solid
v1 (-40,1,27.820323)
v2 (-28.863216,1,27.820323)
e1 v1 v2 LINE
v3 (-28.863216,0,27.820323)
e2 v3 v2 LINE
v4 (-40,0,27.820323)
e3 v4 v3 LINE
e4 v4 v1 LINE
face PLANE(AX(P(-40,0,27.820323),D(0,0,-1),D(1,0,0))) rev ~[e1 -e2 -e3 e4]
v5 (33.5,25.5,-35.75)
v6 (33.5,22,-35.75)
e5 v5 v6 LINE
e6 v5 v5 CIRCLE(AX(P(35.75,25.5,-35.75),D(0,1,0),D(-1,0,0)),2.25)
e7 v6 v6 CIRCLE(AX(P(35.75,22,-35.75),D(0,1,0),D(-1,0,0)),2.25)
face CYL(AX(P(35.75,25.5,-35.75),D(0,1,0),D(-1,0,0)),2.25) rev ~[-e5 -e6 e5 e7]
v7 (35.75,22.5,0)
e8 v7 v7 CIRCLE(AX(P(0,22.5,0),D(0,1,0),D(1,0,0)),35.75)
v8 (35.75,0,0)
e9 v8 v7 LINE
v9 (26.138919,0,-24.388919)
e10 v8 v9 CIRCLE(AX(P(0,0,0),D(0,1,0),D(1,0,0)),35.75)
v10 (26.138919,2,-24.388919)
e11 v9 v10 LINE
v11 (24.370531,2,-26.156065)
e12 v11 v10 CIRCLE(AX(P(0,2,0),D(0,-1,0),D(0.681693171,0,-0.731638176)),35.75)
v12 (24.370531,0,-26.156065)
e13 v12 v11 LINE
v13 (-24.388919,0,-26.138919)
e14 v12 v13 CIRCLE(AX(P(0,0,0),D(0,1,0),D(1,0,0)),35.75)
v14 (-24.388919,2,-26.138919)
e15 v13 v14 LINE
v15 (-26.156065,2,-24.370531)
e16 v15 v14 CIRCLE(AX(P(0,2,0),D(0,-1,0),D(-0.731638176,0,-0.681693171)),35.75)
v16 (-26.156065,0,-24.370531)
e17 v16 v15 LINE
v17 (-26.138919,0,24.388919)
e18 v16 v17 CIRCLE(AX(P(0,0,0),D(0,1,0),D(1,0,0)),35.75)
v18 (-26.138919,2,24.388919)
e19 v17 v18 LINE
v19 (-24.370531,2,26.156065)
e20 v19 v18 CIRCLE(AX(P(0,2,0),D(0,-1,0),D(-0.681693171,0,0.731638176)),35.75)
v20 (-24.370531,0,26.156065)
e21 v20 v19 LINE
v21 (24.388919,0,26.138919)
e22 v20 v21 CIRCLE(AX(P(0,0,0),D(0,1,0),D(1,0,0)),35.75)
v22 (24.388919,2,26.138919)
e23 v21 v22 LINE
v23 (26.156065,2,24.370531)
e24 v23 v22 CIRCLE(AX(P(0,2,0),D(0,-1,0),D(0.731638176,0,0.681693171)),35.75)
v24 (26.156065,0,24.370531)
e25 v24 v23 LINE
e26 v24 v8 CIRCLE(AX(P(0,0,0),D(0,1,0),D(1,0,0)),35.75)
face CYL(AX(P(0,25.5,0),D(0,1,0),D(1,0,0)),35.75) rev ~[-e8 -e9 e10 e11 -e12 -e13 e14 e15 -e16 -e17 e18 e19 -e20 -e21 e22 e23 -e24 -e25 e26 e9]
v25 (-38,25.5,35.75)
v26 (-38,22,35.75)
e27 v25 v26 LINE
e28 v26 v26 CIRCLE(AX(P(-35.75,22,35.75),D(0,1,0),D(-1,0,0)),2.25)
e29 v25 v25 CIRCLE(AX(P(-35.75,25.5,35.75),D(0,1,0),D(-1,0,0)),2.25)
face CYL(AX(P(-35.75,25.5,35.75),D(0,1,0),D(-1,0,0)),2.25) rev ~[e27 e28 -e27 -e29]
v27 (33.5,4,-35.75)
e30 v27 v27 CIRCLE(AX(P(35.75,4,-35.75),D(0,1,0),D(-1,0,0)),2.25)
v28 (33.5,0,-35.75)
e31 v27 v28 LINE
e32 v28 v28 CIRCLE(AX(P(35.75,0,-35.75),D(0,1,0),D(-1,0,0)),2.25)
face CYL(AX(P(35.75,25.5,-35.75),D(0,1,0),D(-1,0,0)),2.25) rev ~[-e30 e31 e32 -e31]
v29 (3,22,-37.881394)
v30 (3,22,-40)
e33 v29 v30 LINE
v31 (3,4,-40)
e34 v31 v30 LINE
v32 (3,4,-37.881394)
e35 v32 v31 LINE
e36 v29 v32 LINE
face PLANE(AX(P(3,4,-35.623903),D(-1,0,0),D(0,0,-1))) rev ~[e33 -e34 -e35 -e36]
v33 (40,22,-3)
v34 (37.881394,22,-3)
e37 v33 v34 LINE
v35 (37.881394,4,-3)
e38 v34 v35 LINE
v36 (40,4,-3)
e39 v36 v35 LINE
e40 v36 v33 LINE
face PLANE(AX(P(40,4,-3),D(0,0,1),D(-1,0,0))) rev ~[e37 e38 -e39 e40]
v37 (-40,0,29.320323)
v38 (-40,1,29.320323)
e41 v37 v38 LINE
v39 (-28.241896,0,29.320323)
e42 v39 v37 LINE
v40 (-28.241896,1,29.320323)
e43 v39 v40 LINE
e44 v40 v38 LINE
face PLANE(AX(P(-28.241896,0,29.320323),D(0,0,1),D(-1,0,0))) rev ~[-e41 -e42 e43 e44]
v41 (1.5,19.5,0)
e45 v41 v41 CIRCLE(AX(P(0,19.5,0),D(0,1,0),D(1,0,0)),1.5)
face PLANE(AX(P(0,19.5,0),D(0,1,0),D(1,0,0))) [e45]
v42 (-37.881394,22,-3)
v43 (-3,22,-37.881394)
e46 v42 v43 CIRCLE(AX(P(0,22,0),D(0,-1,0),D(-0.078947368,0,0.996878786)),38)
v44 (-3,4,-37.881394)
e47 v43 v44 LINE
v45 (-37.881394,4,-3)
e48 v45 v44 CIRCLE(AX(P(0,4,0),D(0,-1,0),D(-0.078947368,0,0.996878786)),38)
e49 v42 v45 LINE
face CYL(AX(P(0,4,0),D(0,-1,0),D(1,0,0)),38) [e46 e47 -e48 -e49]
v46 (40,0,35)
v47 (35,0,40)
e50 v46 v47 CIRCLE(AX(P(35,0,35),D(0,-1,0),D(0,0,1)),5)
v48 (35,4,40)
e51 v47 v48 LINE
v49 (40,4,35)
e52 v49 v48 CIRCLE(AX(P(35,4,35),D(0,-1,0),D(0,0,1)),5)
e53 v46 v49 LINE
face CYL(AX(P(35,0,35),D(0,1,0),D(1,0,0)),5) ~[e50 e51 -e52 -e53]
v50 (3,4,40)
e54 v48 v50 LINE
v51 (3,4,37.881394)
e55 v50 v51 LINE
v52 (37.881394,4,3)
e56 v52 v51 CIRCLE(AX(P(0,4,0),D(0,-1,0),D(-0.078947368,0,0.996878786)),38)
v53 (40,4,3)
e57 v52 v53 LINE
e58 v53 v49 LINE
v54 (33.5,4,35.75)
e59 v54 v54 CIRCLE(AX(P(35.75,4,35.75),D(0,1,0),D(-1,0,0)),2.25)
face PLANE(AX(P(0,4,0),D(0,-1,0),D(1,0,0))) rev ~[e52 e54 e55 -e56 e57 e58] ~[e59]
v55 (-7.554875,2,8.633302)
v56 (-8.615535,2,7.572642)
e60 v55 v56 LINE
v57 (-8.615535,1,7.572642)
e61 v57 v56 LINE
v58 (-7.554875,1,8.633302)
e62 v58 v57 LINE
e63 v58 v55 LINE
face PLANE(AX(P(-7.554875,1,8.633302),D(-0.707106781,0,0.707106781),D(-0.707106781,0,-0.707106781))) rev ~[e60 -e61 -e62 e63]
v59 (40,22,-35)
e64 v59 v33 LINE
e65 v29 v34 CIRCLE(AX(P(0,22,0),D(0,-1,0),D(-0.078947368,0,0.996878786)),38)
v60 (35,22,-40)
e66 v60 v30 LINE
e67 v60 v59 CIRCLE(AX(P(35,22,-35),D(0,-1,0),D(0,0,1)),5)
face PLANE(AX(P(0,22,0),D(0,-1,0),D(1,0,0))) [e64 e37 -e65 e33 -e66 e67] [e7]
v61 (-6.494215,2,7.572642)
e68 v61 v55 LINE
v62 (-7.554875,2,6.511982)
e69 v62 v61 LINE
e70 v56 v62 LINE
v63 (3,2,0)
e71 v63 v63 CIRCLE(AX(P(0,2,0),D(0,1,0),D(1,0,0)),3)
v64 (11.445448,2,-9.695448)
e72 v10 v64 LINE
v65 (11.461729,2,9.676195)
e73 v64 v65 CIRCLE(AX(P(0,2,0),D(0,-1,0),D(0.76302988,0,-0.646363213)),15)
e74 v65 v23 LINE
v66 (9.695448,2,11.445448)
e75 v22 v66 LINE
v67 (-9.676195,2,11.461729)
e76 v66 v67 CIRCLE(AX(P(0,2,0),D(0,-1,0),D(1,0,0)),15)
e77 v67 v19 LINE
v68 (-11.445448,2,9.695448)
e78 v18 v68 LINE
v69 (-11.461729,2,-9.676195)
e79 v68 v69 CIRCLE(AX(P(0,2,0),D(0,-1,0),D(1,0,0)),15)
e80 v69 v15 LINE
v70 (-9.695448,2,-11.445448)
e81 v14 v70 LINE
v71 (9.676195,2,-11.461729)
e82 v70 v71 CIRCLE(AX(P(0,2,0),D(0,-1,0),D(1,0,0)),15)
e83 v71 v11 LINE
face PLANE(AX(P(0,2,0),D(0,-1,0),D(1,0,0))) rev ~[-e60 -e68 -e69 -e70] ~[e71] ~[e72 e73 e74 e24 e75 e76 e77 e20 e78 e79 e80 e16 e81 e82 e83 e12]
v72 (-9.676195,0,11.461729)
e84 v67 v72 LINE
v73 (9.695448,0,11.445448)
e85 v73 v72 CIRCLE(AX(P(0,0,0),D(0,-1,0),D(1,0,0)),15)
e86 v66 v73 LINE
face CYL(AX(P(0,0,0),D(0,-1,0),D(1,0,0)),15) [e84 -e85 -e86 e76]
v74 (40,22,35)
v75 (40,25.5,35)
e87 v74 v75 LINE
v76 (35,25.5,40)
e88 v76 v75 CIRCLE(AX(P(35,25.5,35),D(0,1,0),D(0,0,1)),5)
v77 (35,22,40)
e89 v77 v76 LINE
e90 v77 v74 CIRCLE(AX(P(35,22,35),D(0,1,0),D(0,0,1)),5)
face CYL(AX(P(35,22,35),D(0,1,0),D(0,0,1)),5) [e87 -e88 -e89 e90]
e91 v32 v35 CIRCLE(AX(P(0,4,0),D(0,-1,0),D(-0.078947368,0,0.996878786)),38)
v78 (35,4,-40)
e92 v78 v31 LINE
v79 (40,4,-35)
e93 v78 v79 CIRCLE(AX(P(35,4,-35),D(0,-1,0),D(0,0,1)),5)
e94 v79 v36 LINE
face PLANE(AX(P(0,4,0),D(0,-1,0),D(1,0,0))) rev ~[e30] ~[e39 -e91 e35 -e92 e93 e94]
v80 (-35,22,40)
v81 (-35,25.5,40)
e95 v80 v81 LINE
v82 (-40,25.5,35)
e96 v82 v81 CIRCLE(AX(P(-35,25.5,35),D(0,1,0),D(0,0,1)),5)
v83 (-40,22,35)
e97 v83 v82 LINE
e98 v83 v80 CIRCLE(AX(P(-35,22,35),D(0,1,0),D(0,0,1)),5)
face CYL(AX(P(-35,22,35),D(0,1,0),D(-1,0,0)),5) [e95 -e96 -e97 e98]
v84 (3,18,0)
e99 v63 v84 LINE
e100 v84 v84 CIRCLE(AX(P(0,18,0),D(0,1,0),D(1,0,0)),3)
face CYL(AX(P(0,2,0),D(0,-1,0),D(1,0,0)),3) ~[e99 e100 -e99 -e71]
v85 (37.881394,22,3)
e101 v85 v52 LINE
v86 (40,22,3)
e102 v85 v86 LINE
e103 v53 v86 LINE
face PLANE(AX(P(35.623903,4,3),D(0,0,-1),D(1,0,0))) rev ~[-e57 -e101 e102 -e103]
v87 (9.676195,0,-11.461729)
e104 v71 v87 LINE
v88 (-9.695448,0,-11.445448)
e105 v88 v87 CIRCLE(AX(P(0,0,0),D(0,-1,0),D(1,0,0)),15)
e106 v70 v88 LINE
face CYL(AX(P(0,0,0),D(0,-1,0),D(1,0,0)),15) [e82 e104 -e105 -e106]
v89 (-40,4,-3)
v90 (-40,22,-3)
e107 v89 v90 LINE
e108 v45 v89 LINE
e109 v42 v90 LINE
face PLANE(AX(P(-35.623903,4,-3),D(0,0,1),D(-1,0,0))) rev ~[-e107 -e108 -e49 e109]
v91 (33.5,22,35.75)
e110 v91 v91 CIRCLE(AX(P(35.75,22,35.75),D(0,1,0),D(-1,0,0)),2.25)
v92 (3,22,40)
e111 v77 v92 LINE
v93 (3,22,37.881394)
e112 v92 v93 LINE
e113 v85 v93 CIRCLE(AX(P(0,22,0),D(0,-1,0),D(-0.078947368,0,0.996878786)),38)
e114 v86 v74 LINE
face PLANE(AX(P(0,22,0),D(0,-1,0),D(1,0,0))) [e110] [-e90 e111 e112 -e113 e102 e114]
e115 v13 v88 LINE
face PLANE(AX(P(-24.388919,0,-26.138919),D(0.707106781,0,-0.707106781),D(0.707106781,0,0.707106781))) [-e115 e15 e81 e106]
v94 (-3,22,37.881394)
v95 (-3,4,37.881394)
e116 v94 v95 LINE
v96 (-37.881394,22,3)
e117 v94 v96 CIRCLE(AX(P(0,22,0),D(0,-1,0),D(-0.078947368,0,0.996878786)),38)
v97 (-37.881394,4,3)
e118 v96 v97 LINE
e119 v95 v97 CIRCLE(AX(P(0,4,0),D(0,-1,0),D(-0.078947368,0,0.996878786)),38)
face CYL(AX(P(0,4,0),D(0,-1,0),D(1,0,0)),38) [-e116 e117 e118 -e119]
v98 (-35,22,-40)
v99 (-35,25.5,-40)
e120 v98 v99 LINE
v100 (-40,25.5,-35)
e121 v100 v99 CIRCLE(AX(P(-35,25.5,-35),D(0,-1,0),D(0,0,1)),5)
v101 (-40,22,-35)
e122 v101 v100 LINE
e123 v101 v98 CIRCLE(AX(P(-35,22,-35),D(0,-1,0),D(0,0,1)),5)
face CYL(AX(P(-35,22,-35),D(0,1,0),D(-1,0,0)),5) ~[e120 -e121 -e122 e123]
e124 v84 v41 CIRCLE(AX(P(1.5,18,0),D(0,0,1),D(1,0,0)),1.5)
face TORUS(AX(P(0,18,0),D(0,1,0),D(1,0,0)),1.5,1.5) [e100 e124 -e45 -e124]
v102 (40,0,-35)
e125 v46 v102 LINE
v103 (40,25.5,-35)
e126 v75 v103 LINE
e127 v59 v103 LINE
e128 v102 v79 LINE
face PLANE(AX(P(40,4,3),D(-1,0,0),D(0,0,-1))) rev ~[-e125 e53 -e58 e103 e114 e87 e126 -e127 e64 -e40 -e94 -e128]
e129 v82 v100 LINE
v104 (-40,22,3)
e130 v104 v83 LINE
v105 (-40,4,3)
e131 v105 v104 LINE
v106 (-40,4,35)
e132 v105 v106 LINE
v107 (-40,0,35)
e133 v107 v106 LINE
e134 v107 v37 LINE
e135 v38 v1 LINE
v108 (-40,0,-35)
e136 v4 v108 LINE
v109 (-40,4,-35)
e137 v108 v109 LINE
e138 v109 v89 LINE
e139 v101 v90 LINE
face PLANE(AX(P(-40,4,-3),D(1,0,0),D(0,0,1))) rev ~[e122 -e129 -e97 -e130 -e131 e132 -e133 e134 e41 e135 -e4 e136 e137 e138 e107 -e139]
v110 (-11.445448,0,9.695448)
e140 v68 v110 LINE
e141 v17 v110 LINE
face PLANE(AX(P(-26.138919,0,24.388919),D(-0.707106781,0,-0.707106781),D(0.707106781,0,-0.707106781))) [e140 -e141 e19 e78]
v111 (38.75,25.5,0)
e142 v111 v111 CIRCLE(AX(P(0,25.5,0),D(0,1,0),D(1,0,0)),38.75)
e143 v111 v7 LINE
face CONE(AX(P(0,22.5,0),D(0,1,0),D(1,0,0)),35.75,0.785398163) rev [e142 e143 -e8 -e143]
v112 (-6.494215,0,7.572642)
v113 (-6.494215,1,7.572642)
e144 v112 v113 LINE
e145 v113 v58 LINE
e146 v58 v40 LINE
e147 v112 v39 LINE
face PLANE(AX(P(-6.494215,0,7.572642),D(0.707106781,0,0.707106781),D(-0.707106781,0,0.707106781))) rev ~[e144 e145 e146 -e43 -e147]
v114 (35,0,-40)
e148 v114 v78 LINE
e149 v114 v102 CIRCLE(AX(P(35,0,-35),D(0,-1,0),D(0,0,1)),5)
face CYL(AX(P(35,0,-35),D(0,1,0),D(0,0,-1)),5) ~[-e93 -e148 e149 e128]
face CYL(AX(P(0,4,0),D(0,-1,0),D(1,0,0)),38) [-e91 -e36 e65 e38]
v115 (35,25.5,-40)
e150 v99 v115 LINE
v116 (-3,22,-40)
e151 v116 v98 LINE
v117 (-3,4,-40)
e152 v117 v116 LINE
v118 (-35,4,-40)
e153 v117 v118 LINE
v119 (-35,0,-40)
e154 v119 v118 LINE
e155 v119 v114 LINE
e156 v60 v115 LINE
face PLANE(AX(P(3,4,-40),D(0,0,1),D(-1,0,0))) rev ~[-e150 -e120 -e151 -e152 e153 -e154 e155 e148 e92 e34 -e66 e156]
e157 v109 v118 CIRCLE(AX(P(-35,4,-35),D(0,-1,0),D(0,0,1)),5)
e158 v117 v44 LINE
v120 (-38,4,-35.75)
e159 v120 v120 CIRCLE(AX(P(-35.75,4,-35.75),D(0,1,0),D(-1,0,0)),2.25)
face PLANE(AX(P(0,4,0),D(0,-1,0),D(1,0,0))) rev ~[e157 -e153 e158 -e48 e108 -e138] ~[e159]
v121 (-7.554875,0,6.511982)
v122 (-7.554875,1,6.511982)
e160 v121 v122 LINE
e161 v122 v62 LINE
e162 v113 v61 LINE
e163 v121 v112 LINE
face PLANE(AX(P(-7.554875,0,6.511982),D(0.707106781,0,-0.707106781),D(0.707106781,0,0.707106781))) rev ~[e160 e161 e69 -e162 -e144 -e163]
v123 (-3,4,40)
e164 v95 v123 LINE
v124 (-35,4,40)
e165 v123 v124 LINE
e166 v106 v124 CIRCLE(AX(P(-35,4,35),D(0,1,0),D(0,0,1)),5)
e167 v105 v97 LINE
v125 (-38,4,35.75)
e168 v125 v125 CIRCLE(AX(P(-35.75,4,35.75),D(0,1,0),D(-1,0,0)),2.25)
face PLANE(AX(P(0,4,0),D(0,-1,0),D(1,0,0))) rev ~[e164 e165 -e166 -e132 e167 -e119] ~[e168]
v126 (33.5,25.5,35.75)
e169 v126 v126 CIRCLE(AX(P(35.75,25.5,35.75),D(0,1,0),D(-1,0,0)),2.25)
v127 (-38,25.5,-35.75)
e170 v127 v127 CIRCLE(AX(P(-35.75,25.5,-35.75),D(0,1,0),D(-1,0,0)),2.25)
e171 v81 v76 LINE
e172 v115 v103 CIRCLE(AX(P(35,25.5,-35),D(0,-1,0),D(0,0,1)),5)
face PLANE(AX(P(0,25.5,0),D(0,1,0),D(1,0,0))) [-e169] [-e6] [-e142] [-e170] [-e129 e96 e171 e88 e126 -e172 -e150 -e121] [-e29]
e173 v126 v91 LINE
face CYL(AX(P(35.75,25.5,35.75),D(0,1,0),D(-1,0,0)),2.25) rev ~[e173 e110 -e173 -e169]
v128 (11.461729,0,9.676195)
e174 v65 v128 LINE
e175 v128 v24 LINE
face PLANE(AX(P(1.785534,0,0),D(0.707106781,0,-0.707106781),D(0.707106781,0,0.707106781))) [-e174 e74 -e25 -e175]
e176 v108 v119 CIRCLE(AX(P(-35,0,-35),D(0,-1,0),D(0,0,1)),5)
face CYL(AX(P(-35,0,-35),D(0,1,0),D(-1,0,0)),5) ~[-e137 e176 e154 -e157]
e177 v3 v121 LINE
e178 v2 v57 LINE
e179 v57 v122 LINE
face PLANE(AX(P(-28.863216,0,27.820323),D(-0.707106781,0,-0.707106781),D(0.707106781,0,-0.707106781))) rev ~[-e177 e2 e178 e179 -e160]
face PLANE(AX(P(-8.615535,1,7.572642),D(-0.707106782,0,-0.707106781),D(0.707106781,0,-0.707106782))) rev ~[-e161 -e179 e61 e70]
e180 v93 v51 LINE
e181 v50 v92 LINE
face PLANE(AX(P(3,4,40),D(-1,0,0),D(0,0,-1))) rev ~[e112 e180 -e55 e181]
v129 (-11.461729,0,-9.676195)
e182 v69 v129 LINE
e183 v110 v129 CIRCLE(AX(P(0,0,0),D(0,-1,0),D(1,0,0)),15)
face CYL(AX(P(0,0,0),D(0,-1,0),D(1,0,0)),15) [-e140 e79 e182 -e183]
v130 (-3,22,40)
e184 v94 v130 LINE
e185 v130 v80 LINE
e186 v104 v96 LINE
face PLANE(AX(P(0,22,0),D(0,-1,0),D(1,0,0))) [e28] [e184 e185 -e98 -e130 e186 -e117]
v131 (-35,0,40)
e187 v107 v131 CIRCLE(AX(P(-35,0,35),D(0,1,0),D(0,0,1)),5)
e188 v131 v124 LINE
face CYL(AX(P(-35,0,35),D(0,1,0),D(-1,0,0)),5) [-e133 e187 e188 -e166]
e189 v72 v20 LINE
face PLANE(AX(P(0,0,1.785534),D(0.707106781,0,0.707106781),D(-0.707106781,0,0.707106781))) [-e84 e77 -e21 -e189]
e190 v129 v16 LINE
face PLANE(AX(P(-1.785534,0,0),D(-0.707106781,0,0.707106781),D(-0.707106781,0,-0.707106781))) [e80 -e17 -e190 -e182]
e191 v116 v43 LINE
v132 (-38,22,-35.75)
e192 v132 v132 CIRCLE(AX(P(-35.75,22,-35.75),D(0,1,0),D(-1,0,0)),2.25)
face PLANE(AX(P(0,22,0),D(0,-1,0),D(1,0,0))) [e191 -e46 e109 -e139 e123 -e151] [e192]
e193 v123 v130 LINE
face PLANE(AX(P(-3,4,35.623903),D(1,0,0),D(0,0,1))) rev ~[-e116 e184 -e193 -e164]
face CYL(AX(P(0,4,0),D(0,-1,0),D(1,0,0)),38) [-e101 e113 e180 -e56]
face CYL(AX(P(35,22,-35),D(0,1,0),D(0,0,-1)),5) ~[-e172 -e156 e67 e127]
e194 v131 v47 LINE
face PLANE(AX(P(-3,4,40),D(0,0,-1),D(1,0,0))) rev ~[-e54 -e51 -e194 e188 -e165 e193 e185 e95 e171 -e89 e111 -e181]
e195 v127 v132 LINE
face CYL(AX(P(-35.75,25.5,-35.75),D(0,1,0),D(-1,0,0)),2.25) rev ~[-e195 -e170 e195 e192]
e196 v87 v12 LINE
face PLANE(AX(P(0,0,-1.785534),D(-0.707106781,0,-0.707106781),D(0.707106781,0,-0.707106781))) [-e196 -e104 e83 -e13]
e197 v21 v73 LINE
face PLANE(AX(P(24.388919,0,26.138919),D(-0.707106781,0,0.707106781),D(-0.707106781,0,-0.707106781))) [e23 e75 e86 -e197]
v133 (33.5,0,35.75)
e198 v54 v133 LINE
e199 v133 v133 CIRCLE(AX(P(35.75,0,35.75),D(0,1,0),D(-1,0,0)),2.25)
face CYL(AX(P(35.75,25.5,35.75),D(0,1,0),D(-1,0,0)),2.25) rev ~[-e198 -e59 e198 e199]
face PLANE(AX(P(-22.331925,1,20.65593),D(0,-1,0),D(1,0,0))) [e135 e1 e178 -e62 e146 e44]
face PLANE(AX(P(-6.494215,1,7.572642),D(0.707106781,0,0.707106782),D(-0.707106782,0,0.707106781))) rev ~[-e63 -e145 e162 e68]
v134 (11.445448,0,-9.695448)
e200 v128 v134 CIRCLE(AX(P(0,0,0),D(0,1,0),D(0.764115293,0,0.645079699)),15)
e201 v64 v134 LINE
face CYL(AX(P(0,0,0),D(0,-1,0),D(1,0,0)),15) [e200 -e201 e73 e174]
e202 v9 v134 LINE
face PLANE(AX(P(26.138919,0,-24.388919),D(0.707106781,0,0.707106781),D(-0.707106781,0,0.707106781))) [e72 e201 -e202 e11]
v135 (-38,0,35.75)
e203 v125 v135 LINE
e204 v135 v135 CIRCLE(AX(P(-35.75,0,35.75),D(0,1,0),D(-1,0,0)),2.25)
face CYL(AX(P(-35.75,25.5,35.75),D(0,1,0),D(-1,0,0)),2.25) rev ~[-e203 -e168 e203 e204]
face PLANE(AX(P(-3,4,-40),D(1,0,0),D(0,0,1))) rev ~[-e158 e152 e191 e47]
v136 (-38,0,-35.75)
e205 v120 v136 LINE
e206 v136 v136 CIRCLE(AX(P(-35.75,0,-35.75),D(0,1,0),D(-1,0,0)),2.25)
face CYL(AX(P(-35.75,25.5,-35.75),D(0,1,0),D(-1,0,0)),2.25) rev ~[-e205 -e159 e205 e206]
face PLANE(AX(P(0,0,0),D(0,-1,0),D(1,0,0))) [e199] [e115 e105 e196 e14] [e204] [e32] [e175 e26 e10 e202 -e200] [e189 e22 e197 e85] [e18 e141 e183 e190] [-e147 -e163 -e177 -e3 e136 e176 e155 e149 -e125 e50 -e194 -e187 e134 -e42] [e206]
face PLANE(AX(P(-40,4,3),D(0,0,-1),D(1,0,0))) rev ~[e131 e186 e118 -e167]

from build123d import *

# Parameters (mm, degrees)
SKETCH1_W            = 80
SKETCH1_H            = 80
BOSS_EXTRUDE1_DEPTH  = 25.5
SKETCH2_R            = 35.75
CUT_EXTRUDE2_DEPTH   = 28
BOSS_EXTRUDE2_DEPTH  = 2
CIRPATTERN2_COUNT    = 4
SKETCH5_R            = 15
BOSS_EXTRUDE3_DEPTH  = 2
SKETCH6_R            = 3
BOSS_EXTRUDE4_DEPTH  = 17.5
FILLET1_R            = 1.5
SKETCH7_R            = 70
SKETCH7_R_2          = 38
CUT_EXTRUDE4_DEPTH   = 18
FILLET2_R            = 5
BOSS_EXTRUDE5_DEPTH  = 20
CIRPATTERN3_COUNT    = 4
SKETCH9_R            = 2.25
CUT_EXTRUDE5_DEPTH   = 37
LPATTERN1_COUNT      = 2
LPATTERN1_PITCH      = 71.5
LPATTERN1_COUNT_DIR2 = 2
LPATTERN1_PITCH_DIR2 = 71.5
CHAMFER2_SIZE        = 3
CUT_EXTRUDE6_DEPTH   = 1
CUT_EXTRUDE7_DEPTH   = 7


with BuildPart() as part:
    # Sketch1 → Boss-Extrude1 (new body)
    with BuildSketch(Plane(origin=(0, 0, 0), x_dir=(1, 0, 0), z_dir=(0, 1, 0))):
        Rectangle(SKETCH1_W, SKETCH1_H)
    extrude(amount=BOSS_EXTRUDE1_DEPTH)

    # Sketch2 → Cut-Extrude2 (cut)
    with BuildSketch(Plane(origin=(0, 25.5, 0), x_dir=(1, 0, 0), z_dir=(0, 1, 0))):
        Circle(SKETCH2_R)
    extrude(amount=-CUT_EXTRUDE2_DEPTH, mode=Mode.SUBTRACT)

    # Sketch4 → Boss-Extrude2 (add)
    with BuildSketch(Plane.XZ):
        with BuildLine():
            Line((-1.75, 0), (0, 1.785533906))
            Line((0, 1.785533906), (-24.370530875, 26.156064781))
            ThreePointArc((-24.370530875, 26.156064781), (-25.270176953, 25.287954776), (-26.138919431, 24.388919431))
            Line((-26.138919431, 24.388919431), (-1.75, 0))
        make_face()
    boss_extrude2 = extrude(amount=-BOSS_EXTRUDE2_DEPTH)

    # CirPattern2: Boss-Extrude2 ×4 about axis
    cirpattern2_axis = Axis((0, 0, 0), (0, 1, 0))
    for i in range(1, CIRPATTERN2_COUNT):
        add(boss_extrude2.rotate(cirpattern2_axis, i * 360 / CIRPATTERN2_COUNT))

    # Sketch5 → Boss-Extrude3 (add)
    with BuildSketch(Plane.XZ):
        Circle(SKETCH5_R)
    extrude(amount=-BOSS_EXTRUDE3_DEPTH)

    # Sketch6 → Boss-Extrude4 (add)
    with BuildSketch(Plane(origin=(0, 2, 0), x_dir=(1, 0, 0), z_dir=(0, 1, 0))):
        Circle(SKETCH6_R)
    extrude(amount=BOSS_EXTRUDE4_DEPTH)

    # Fillet1
    fillet1_edges = [part.edges().sort_by_distance(p)[0] for p in [
        (-3, 19.5, 0),
    ]]
    fillet(fillet1_edges, radius=FILLET1_R)

    # Sketch7 → Cut-Extrude4 (cut)
    with BuildSketch(Plane.XZ.offset(-4)):
        Circle(SKETCH7_R)
        Circle(SKETCH7_R_2, mode=Mode.SUBTRACT)
    extrude(amount=-CUT_EXTRUDE4_DEPTH, mode=Mode.SUBTRACT)

    # Fillet2
    fillet2_edges = [part.edges().sort_by_distance(p)[0] for p in [
        (-40, 2, -40),
        (40, 2, -40),
        (40, 2, 40),
        (-40, 2, 40),
        (-40, 23.75, -40),
        (40, 23.75, -40),
        (40, 23.75, 40),
        (-40, 23.75, 40),
    ]]
    fillet(fillet2_edges, radius=FILLET2_R)

    # Sketch8 → Boss-Extrude5 (add)
    with BuildSketch(Plane.XZ.offset(-4)):
        with BuildLine():
            Line((-3, 40), (3, 40))
            Line((3, 40), (3, 35.623903492))
            ThreePointArc((3, 35.623903492), (0, 35.75), (-3, 35.623903492))
            Line((-3, 35.623903492), (-3, 40))
        make_face()
    boss_extrude5 = extrude(amount=-BOSS_EXTRUDE5_DEPTH)

    # CirPattern3: Boss-Extrude5 ×4 about axis
    cirpattern3_axis = Axis((0, 0, 0), (0, 1, 0))
    for i in range(1, CIRPATTERN3_COUNT):
        add(boss_extrude5.rotate(cirpattern3_axis, i * 360 / CIRPATTERN3_COUNT))

    # Sketch9 → Cut-Extrude5 (cut)
    with BuildSketch(Plane(origin=(0, 25.5, 0), x_dir=(-1, 0, 0), z_dir=(0, 1, 0))):
        with Locations((35.75, -35.75)):
            Circle(SKETCH9_R)
    cut_extrude5 = extrude(amount=-CUT_EXTRUDE5_DEPTH, mode=Mode.SUBTRACT)

    # LPattern1: Cut-Extrude5 2 × 2
    with Locations(*[(i * LPATTERN1_PITCH, 0, j * LPATTERN1_PITCH_DIR2) for i in range(LPATTERN1_COUNT) for j in range(LPATTERN1_COUNT_DIR2) if (i, j) != (0, 0)]):
        add(cut_extrude5, mode=Mode.SUBTRACT)

    # Chamfer2
    chamfer2_edges = [part.edges().sort_by_distance(p)[0] for p in [
        (-35.75, 25.5, 0),
    ]]
    chamfer(chamfer2_edges, length=CHAMFER2_SIZE)

    # Sketch11 → Cut-Extrude6 (cut)
    with BuildSketch(Plane.XZ):
        Polygon((-28.863216429, 27.820323211), (-7.554875149, 6.51198193), (-6.494214977, 7.572642102), (-28.241896086, 29.320323211), (-40, 29.320323211), (-40, 27.820323211), align=None)
    extrude(amount=-CUT_EXTRUDE6_DEPTH, mode=Mode.SUBTRACT)

    # Sketch12 → Cut-Extrude7 (cut)
    with BuildSketch(Plane.XZ.offset(-1)):
        Polygon((-6.494214977, 7.572642102), (-7.554875149, 8.633302273), (-8.61553532, 7.572642102), (-7.554875149, 6.51198193), align=None)
    extrude(amount=-CUT_EXTRUDE7_DEPTH, mode=Mode.SUBTRACT)


solid = part.part
